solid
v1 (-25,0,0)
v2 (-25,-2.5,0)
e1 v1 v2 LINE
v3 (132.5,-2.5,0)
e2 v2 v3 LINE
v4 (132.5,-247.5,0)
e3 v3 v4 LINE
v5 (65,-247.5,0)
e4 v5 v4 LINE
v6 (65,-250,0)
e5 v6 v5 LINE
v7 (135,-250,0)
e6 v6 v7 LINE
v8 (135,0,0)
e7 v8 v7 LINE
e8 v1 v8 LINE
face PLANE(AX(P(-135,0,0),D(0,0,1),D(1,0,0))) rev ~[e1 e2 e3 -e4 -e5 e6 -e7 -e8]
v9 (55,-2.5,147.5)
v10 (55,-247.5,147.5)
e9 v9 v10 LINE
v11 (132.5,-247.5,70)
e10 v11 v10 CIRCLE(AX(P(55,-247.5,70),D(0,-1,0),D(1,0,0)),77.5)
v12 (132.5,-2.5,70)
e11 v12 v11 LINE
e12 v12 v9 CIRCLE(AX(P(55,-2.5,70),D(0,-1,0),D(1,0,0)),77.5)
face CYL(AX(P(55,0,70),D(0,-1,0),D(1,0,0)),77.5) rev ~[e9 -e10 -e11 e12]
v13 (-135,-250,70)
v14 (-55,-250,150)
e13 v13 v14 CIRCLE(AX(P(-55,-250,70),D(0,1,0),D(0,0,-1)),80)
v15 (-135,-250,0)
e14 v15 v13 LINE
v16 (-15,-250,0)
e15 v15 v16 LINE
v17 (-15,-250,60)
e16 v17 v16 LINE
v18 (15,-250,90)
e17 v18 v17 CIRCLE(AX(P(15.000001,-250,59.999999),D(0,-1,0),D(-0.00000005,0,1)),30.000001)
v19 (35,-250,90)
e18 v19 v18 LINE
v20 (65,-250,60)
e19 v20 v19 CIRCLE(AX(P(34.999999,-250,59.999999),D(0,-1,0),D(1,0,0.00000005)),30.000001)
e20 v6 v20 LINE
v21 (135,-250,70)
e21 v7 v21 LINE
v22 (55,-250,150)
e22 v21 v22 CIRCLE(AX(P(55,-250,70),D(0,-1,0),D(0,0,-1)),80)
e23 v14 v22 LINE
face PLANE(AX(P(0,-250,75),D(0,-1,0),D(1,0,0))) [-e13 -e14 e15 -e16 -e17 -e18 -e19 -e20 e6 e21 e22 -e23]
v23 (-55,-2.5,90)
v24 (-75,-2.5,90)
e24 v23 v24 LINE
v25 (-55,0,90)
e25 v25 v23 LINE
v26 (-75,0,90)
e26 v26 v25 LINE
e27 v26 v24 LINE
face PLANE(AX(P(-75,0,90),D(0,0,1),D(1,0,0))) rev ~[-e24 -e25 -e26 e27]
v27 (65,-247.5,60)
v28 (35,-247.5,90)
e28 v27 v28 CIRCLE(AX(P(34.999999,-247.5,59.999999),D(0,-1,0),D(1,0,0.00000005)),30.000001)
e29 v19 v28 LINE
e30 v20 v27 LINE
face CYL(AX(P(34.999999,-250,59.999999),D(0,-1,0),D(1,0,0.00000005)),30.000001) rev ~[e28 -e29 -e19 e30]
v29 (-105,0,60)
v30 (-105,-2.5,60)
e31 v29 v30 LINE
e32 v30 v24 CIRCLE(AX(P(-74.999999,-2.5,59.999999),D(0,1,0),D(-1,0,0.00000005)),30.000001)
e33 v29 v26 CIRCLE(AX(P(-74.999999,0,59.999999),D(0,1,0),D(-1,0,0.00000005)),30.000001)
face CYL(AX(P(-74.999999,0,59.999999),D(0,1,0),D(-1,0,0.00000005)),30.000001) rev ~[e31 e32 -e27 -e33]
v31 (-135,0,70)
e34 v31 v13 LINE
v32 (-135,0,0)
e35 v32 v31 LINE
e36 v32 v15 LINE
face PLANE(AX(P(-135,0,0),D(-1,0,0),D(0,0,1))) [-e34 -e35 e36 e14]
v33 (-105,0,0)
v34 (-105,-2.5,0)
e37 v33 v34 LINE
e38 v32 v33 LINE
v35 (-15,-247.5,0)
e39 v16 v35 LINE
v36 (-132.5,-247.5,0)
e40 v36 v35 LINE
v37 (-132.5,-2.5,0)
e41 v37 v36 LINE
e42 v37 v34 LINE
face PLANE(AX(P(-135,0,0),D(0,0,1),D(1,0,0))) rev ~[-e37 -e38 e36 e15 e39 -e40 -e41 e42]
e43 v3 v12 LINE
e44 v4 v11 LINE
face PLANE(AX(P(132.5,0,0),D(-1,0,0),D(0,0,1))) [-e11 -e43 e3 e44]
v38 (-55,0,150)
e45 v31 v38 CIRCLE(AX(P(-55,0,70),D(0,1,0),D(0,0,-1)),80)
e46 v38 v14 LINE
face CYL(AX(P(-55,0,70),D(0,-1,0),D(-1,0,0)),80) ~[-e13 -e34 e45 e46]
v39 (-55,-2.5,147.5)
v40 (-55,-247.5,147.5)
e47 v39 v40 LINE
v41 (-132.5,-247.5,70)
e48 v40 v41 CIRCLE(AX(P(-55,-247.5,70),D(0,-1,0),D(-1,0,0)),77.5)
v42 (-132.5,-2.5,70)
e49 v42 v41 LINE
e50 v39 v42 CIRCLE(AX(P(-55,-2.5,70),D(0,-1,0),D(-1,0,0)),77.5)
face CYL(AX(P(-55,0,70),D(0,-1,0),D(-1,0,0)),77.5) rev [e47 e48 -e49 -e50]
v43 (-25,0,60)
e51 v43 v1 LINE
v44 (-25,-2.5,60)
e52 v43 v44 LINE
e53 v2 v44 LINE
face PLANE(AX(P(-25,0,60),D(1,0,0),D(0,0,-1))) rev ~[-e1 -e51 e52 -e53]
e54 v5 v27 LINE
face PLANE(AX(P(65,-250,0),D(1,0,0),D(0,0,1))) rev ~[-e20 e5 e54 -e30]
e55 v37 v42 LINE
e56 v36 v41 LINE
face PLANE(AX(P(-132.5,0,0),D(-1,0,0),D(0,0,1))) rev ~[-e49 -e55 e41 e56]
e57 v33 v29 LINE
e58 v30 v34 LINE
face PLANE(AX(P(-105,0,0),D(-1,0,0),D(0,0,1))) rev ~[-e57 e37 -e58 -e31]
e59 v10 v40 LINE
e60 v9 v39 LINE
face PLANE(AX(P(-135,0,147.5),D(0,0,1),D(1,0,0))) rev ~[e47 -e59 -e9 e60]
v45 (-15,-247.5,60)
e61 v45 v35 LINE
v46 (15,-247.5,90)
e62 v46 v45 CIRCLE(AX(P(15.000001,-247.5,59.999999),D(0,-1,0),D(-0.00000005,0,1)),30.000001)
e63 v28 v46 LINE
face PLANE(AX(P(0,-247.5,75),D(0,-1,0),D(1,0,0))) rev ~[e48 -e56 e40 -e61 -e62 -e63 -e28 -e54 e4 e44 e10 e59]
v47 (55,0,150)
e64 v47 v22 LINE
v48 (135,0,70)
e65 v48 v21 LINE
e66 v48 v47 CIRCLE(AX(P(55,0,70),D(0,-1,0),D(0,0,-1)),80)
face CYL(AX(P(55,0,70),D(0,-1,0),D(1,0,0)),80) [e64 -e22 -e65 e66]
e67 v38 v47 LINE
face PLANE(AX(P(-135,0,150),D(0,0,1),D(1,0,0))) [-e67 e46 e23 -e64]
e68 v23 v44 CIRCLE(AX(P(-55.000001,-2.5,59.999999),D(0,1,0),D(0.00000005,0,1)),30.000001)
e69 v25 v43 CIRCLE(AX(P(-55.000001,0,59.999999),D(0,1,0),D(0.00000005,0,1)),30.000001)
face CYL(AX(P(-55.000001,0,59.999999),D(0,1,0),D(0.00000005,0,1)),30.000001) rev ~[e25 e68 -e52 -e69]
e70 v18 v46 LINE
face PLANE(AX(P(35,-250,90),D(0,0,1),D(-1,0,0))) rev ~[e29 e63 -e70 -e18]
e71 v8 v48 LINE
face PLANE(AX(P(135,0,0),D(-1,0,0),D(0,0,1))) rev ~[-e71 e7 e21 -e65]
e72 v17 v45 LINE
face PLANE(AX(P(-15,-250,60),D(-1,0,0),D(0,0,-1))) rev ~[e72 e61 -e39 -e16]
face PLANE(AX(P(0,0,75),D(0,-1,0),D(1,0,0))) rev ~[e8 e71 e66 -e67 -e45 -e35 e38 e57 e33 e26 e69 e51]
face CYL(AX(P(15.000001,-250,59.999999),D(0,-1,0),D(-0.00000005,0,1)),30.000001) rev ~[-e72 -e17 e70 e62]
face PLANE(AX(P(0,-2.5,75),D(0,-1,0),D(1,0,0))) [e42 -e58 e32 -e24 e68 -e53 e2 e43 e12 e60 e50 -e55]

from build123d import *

# Parameters (mm, degrees)
F0_W     = 270
F0_H     = 150
F1_DEPTH = 250
F2_R     = 80
F3_T     = -2.5
F5_DEPTH = 2.5
F7_DEPTH = 25


with BuildPart() as f1:
    # F0 (on Front) → F1 (new body)
    with BuildSketch(Plane.XZ):
        with Locations((0, 75)):
            Rectangle(F0_W, F0_H)
    extrude(amount=F1_DEPTH)

    # F2
    f2_edges = [f1.edges().sort_by_distance(p)[0] for p in [
        (-135, -125, 150),
        (135, -125, 150),
    ]]
    fillet(f2_edges, radius=F2_R)

    # F3
    f3_openings = [f1.faces().sort_by_distance(p)[0] for p in [
        (0, -125, 0),
    ]]
    offset(amount=F3_T, openings=f3_openings)

    # F4 (on face) → F5 (cut, through all)
    with BuildSketch(Plane.XZ.offset(250)):
        with BuildLine():
            Line((-15, 60), (-15, 0))
            Line((-15, 0), (65, 0))
            Line((65, 0), (65, 60))
            ThreePointArc((65, 60), (56.213203, 81.213203), (35, 90))
            Line((35, 90), (15, 90))
            ThreePointArc((15, 90), (-6.213203, 81.213203), (-15, 60))
        make_face()
    extrude(amount=-F5_DEPTH, mode=Mode.SUBTRACT)

    # F6 (on face) → F7 (cut)
    with BuildSketch(Plane(origin=(0, 0, 0), x_dir=(-1, 0, 0), z_dir=(0, 1, 0))):
        with BuildLine():
            Line((25, 60), (25, 0))
            Line((25, 0), (105, 0))
            Line((105, 0), (105, 60))
            ThreePointArc((105, 60), (96.213203, 81.213203), (75, 90))
            Line((75, 90), (55, 90))
            ThreePointArc((55, 90), (33.786797, 81.213203), (25, 60))
        make_face()
    extrude(amount=-F7_DEPTH, mode=Mode.SUBTRACT)


solid = f1.part
